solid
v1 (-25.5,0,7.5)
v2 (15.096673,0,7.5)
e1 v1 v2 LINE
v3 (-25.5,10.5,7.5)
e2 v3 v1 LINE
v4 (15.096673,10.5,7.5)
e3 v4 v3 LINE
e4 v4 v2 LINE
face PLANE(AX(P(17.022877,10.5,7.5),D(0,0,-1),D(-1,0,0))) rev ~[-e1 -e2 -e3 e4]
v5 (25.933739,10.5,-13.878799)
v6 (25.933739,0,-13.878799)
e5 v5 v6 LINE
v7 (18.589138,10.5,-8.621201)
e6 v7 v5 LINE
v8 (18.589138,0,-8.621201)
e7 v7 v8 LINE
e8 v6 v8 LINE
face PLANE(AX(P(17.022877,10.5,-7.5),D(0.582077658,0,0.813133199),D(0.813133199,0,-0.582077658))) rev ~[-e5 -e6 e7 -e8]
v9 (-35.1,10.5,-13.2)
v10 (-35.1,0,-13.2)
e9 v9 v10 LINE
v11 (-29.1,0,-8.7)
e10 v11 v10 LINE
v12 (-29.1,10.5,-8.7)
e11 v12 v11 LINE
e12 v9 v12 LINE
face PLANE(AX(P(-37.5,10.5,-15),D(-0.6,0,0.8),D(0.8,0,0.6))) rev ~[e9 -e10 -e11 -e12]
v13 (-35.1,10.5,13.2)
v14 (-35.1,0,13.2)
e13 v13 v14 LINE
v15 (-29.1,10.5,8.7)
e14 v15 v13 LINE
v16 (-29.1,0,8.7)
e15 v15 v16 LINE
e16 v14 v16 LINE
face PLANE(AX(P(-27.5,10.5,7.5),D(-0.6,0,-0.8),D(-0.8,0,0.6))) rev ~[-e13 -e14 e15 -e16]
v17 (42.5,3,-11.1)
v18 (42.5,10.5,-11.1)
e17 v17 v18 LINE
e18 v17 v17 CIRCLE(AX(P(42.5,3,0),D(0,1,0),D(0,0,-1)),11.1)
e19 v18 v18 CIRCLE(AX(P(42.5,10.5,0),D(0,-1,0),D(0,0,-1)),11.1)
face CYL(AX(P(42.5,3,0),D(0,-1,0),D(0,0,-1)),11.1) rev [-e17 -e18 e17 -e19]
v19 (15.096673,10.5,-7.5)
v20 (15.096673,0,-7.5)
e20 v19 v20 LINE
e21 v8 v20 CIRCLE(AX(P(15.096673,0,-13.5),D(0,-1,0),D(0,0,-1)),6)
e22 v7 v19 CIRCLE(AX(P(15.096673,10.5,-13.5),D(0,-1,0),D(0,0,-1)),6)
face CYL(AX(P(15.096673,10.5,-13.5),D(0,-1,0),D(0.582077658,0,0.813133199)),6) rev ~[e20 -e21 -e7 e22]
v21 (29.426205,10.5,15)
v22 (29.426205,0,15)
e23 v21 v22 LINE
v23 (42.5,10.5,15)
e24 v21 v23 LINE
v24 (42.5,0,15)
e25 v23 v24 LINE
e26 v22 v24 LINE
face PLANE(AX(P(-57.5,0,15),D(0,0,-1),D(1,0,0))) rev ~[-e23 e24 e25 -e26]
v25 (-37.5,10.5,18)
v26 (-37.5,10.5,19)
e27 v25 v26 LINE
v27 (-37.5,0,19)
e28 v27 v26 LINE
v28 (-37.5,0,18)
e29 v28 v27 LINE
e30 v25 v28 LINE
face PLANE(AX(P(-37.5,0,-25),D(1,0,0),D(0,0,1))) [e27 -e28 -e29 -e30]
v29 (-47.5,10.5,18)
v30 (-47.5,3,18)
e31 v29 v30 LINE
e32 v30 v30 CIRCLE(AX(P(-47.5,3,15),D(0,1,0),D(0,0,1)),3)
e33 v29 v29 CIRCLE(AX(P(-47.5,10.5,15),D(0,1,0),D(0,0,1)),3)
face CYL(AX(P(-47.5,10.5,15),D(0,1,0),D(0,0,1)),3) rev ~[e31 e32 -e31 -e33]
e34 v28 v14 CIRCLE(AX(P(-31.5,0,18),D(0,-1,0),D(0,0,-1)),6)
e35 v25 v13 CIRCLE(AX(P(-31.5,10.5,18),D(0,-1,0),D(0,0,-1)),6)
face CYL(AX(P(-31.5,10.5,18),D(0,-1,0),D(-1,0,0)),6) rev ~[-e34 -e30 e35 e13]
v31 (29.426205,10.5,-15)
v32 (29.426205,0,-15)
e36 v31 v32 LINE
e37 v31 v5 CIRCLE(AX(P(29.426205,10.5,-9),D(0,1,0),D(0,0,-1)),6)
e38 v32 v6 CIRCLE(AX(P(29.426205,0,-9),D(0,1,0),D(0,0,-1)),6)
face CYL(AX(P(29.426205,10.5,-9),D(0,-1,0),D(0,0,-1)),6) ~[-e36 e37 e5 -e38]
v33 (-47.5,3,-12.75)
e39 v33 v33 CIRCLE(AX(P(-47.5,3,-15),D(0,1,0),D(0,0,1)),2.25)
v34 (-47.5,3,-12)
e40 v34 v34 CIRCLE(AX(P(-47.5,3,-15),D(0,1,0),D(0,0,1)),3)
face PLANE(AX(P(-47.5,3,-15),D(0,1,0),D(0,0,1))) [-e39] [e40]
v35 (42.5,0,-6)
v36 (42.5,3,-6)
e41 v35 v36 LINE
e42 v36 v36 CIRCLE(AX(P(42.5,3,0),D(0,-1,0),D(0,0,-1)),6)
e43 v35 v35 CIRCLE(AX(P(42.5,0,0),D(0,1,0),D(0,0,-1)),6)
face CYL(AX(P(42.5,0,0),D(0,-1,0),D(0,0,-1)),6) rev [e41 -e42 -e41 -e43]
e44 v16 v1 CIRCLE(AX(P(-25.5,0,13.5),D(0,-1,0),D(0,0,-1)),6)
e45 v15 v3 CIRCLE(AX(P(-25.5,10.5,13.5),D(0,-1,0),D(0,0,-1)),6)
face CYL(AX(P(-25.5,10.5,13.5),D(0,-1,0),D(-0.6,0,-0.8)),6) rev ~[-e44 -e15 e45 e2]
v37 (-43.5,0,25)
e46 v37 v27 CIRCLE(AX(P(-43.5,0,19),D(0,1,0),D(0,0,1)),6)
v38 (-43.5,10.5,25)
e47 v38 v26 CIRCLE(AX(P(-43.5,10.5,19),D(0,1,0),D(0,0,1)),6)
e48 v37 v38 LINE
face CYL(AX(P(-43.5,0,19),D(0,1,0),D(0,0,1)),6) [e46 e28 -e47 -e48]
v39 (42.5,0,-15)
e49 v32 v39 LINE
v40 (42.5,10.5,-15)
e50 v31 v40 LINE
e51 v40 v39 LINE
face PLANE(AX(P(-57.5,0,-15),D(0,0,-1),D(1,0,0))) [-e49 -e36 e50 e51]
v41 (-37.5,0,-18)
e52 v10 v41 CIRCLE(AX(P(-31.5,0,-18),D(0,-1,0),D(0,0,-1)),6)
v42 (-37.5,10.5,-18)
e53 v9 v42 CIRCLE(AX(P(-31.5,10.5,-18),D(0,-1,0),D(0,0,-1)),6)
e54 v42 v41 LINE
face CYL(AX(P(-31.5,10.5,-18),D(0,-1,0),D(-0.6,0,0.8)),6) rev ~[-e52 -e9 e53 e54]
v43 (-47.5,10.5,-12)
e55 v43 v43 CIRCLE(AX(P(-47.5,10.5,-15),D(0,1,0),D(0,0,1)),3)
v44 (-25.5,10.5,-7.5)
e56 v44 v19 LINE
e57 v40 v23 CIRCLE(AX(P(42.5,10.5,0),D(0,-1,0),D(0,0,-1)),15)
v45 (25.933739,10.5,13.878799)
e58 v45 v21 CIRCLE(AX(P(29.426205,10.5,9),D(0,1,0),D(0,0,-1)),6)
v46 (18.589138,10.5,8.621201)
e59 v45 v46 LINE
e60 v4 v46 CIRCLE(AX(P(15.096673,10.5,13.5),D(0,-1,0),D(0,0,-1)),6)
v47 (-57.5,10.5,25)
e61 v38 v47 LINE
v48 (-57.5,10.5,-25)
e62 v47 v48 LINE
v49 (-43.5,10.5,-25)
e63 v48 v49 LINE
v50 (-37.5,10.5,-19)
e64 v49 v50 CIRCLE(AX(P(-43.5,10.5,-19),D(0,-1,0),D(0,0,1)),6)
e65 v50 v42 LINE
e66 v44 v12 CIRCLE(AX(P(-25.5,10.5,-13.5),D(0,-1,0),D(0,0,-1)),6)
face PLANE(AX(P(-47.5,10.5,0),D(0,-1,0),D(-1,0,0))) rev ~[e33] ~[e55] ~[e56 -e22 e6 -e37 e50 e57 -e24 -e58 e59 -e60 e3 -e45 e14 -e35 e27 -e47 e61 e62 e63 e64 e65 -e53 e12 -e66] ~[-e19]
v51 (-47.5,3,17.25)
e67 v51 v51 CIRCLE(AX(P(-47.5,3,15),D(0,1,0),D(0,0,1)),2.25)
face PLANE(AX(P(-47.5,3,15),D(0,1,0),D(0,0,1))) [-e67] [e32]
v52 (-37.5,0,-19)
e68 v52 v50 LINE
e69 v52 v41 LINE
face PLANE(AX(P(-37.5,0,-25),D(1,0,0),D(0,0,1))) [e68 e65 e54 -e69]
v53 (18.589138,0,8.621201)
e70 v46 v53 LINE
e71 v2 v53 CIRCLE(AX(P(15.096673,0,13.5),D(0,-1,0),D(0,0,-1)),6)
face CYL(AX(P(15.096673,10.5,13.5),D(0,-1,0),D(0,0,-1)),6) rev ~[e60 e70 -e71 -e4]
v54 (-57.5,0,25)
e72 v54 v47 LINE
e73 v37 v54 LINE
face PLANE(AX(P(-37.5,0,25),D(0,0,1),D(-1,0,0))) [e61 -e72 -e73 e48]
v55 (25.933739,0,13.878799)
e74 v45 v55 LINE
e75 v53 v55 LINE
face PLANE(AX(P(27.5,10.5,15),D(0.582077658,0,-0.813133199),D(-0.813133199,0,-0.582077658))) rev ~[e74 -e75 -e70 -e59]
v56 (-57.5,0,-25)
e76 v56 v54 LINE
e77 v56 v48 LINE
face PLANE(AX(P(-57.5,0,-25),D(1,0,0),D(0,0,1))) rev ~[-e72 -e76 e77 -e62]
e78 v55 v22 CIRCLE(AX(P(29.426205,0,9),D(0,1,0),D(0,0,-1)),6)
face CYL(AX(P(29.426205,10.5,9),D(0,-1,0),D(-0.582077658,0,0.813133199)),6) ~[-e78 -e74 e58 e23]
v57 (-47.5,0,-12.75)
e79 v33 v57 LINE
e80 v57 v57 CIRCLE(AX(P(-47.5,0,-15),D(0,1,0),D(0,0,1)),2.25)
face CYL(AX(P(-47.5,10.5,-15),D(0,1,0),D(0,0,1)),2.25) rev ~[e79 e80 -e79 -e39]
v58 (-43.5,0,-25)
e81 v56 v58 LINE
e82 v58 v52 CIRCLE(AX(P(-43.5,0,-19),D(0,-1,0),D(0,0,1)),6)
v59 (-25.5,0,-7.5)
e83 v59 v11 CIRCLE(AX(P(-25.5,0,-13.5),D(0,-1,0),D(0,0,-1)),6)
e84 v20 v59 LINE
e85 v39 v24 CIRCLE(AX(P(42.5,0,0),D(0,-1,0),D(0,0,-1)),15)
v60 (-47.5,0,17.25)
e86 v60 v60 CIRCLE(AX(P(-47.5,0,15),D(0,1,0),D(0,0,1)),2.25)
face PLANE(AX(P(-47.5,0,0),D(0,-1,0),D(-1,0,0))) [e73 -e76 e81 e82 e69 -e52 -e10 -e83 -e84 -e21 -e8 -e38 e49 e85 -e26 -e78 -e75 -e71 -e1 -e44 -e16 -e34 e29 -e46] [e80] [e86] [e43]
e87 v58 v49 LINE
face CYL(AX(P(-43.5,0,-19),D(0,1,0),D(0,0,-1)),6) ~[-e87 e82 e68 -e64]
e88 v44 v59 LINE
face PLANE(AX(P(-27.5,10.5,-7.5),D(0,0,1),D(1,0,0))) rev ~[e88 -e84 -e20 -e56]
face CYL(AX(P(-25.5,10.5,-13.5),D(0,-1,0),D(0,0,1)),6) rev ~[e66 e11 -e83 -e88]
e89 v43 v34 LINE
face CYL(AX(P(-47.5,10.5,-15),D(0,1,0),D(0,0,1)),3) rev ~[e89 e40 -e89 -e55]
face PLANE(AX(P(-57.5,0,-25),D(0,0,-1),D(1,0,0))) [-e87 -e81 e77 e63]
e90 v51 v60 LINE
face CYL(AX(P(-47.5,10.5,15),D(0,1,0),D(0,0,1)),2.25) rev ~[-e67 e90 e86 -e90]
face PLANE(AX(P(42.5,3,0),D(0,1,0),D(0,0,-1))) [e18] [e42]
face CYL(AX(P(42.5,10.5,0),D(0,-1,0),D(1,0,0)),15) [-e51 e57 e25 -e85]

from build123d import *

# Parameters (mm, degrees)
SKETCH1_W           = 115
SKETCH1_H           = 30
BOSS_EXTRUDE1_DEPTH = 10.5
CUT_EXTRUDE1_START  = 3
SKETCH2_R           = 11.1
CUT_EXTRUDE1_DEPTH  = 10.5
SKETCH3_R           = 6
CUT_EXTRUDE4_DEPTH  = 10.5
BOSS_EXTRUDE2_DEPTH = 10.5
SKETCH6_R           = 2.25
CUT_EXTRUDE5_DEPTH  = 10.5
SKETCH7_R           = 3
CUT_EXTRUDE6_DEPTH  = 7.5
CUT_EXTRUDE7_DEPTH  = 28.5
FILLET1_R           = 6
FILLET2_RADIUS      = 15
FILLET2_LENGTH      = 10.5


with BuildPart() as part:
    # Sketch1 → Boss-Extrude1 (new body)
    with BuildSketch(Plane(origin=(0, 0, 0), x_dir=(1, 0, 0), z_dir=(0, 1, 0))):
        Rectangle(SKETCH1_W, SKETCH1_H)
    extrude(amount=BOSS_EXTRUDE1_DEPTH)

    # Sketch2 → Cut-Extrude1 (cut)
    with BuildSketch(Plane(origin=(0, 0, 0), x_dir=(1, 0, 0), z_dir=(0, 1, 0)).offset(CUT_EXTRUDE1_START)):
        with Locations(Location((42.5, 0, 0), (0, 0, 90))):
            Circle(SKETCH2_R)
    extrude(amount=CUT_EXTRUDE1_DEPTH, mode=Mode.SUBTRACT)

    # Sketch3 → Cut-Extrude4 (cut)
    with BuildSketch(Plane(origin=(0, 0, 0), x_dir=(1, 0, 0), z_dir=(0, 1, 0))):
        with Locations(Location((42.5, 0, 0), (0, 0, 90))):
            Circle(SKETCH3_R)
    extrude(amount=CUT_EXTRUDE4_DEPTH, mode=Mode.SUBTRACT)

    # Sketch5 → Boss-Extrude2 (add)
    with BuildSketch(Plane(origin=(0, 0, 0), x_dir=(1, 0, 0), z_dir=(0, 1, 0))):
        Polygon((-57.5, 15), (-57.5, 25), (-37.5, 25), (-37.5, -25), (-57.5, -25), (-57.5, -15), align=None)
    extrude(amount=BOSS_EXTRUDE2_DEPTH)

    # Sketch6 → Cut-Extrude5 (cut)
    with BuildSketch(Plane(origin=(0, 10.5, 0), x_dir=(1, 0, 0), z_dir=(0, 1, 0))):
        with Locations(Location((-47.5, -15, 0), (0, 0, 270))):
            Circle(SKETCH6_R)
        with Locations(Location((-47.5, 15, 0), (0, 0, 270))):
            Circle(SKETCH6_R)
    extrude(amount=-CUT_EXTRUDE5_DEPTH, mode=Mode.SUBTRACT)

    # Sketch7 → Cut-Extrude6 (cut)
    with BuildSketch(Plane(origin=(0, 10.5, 0), x_dir=(1, 0, 0), z_dir=(0, 1, 0))):
        with Locations(Location((-47.5, 15, 0), (0, 0, 270))):
            Circle(SKETCH7_R)
        with Locations(Location((-47.5, -15, 0), (0, 0, 270))):
            Circle(SKETCH7_R)
    extrude(amount=-CUT_EXTRUDE6_DEPTH, mode=Mode.SUBTRACT)

    # Sketch8 → Cut-Extrude7 (cut)
    with BuildSketch(Plane(origin=(0, 10.5, 0), x_dir=(1, 0, 0), z_dir=(0, 1, 0))):
        Polygon((-37.5, 15), (-27.5, 7.5), (17.022877386, 7.5), (27.5, 15), align=None)
        Polygon((-37.5, -15), (27.5, -15), (17.022877386, -7.5), (-27.5, -7.5), align=None)
    extrude(amount=-CUT_EXTRUDE7_DEPTH, mode=Mode.SUBTRACT)

    # Fillet1
    fillet1_edges = [part.edges().sort_by_distance(p)[0] for p in [
        (-37.5, 5.25, -15),
        (-37.5, 5.25, 15),
        (-37.5, 5.25, 25),
        (-37.5, 5.25, -25),
        (27.5, 5.25, -15),
        (17.022877386, 5.25, -7.5),
        (-27.5, 5.25, -7.5),
        (-27.5, 5.25, 7.5),
        (17.022877386, 5.25, 7.5),
        (27.5, 5.25, 15),
    ]]
    fillet(fillet1_edges, radius=FILLET1_R)

    # Fillet2: full round fillet: the end face becomes a half cylinder, R = half its width
    fillet2_face = Plane((57.5, 5.25, 0), x_dir=(0, -1, 0), z_dir=(1, 0, 0))  # on the end face: x along it, z out of the body
    fillet2_slab = fillet2_face.offset(-FILLET2_RADIUS / 2) * Box(FILLET2_LENGTH, 2 * FILLET2_RADIUS, FILLET2_RADIUS, mode=Mode.PRIVATE)  # the body's end, R deep
    fillet2_round = Plane((42.5, 5.25, 0), x_dir=(1, 0, 0), z_dir=(0, -1, 0)) * Cylinder(FILLET2_RADIUS, FILLET2_LENGTH, mode=Mode.PRIVATE)  # its axis R under the face
    add(fillet2_slab - fillet2_round, mode=Mode.SUBTRACT)


solid = part.part
